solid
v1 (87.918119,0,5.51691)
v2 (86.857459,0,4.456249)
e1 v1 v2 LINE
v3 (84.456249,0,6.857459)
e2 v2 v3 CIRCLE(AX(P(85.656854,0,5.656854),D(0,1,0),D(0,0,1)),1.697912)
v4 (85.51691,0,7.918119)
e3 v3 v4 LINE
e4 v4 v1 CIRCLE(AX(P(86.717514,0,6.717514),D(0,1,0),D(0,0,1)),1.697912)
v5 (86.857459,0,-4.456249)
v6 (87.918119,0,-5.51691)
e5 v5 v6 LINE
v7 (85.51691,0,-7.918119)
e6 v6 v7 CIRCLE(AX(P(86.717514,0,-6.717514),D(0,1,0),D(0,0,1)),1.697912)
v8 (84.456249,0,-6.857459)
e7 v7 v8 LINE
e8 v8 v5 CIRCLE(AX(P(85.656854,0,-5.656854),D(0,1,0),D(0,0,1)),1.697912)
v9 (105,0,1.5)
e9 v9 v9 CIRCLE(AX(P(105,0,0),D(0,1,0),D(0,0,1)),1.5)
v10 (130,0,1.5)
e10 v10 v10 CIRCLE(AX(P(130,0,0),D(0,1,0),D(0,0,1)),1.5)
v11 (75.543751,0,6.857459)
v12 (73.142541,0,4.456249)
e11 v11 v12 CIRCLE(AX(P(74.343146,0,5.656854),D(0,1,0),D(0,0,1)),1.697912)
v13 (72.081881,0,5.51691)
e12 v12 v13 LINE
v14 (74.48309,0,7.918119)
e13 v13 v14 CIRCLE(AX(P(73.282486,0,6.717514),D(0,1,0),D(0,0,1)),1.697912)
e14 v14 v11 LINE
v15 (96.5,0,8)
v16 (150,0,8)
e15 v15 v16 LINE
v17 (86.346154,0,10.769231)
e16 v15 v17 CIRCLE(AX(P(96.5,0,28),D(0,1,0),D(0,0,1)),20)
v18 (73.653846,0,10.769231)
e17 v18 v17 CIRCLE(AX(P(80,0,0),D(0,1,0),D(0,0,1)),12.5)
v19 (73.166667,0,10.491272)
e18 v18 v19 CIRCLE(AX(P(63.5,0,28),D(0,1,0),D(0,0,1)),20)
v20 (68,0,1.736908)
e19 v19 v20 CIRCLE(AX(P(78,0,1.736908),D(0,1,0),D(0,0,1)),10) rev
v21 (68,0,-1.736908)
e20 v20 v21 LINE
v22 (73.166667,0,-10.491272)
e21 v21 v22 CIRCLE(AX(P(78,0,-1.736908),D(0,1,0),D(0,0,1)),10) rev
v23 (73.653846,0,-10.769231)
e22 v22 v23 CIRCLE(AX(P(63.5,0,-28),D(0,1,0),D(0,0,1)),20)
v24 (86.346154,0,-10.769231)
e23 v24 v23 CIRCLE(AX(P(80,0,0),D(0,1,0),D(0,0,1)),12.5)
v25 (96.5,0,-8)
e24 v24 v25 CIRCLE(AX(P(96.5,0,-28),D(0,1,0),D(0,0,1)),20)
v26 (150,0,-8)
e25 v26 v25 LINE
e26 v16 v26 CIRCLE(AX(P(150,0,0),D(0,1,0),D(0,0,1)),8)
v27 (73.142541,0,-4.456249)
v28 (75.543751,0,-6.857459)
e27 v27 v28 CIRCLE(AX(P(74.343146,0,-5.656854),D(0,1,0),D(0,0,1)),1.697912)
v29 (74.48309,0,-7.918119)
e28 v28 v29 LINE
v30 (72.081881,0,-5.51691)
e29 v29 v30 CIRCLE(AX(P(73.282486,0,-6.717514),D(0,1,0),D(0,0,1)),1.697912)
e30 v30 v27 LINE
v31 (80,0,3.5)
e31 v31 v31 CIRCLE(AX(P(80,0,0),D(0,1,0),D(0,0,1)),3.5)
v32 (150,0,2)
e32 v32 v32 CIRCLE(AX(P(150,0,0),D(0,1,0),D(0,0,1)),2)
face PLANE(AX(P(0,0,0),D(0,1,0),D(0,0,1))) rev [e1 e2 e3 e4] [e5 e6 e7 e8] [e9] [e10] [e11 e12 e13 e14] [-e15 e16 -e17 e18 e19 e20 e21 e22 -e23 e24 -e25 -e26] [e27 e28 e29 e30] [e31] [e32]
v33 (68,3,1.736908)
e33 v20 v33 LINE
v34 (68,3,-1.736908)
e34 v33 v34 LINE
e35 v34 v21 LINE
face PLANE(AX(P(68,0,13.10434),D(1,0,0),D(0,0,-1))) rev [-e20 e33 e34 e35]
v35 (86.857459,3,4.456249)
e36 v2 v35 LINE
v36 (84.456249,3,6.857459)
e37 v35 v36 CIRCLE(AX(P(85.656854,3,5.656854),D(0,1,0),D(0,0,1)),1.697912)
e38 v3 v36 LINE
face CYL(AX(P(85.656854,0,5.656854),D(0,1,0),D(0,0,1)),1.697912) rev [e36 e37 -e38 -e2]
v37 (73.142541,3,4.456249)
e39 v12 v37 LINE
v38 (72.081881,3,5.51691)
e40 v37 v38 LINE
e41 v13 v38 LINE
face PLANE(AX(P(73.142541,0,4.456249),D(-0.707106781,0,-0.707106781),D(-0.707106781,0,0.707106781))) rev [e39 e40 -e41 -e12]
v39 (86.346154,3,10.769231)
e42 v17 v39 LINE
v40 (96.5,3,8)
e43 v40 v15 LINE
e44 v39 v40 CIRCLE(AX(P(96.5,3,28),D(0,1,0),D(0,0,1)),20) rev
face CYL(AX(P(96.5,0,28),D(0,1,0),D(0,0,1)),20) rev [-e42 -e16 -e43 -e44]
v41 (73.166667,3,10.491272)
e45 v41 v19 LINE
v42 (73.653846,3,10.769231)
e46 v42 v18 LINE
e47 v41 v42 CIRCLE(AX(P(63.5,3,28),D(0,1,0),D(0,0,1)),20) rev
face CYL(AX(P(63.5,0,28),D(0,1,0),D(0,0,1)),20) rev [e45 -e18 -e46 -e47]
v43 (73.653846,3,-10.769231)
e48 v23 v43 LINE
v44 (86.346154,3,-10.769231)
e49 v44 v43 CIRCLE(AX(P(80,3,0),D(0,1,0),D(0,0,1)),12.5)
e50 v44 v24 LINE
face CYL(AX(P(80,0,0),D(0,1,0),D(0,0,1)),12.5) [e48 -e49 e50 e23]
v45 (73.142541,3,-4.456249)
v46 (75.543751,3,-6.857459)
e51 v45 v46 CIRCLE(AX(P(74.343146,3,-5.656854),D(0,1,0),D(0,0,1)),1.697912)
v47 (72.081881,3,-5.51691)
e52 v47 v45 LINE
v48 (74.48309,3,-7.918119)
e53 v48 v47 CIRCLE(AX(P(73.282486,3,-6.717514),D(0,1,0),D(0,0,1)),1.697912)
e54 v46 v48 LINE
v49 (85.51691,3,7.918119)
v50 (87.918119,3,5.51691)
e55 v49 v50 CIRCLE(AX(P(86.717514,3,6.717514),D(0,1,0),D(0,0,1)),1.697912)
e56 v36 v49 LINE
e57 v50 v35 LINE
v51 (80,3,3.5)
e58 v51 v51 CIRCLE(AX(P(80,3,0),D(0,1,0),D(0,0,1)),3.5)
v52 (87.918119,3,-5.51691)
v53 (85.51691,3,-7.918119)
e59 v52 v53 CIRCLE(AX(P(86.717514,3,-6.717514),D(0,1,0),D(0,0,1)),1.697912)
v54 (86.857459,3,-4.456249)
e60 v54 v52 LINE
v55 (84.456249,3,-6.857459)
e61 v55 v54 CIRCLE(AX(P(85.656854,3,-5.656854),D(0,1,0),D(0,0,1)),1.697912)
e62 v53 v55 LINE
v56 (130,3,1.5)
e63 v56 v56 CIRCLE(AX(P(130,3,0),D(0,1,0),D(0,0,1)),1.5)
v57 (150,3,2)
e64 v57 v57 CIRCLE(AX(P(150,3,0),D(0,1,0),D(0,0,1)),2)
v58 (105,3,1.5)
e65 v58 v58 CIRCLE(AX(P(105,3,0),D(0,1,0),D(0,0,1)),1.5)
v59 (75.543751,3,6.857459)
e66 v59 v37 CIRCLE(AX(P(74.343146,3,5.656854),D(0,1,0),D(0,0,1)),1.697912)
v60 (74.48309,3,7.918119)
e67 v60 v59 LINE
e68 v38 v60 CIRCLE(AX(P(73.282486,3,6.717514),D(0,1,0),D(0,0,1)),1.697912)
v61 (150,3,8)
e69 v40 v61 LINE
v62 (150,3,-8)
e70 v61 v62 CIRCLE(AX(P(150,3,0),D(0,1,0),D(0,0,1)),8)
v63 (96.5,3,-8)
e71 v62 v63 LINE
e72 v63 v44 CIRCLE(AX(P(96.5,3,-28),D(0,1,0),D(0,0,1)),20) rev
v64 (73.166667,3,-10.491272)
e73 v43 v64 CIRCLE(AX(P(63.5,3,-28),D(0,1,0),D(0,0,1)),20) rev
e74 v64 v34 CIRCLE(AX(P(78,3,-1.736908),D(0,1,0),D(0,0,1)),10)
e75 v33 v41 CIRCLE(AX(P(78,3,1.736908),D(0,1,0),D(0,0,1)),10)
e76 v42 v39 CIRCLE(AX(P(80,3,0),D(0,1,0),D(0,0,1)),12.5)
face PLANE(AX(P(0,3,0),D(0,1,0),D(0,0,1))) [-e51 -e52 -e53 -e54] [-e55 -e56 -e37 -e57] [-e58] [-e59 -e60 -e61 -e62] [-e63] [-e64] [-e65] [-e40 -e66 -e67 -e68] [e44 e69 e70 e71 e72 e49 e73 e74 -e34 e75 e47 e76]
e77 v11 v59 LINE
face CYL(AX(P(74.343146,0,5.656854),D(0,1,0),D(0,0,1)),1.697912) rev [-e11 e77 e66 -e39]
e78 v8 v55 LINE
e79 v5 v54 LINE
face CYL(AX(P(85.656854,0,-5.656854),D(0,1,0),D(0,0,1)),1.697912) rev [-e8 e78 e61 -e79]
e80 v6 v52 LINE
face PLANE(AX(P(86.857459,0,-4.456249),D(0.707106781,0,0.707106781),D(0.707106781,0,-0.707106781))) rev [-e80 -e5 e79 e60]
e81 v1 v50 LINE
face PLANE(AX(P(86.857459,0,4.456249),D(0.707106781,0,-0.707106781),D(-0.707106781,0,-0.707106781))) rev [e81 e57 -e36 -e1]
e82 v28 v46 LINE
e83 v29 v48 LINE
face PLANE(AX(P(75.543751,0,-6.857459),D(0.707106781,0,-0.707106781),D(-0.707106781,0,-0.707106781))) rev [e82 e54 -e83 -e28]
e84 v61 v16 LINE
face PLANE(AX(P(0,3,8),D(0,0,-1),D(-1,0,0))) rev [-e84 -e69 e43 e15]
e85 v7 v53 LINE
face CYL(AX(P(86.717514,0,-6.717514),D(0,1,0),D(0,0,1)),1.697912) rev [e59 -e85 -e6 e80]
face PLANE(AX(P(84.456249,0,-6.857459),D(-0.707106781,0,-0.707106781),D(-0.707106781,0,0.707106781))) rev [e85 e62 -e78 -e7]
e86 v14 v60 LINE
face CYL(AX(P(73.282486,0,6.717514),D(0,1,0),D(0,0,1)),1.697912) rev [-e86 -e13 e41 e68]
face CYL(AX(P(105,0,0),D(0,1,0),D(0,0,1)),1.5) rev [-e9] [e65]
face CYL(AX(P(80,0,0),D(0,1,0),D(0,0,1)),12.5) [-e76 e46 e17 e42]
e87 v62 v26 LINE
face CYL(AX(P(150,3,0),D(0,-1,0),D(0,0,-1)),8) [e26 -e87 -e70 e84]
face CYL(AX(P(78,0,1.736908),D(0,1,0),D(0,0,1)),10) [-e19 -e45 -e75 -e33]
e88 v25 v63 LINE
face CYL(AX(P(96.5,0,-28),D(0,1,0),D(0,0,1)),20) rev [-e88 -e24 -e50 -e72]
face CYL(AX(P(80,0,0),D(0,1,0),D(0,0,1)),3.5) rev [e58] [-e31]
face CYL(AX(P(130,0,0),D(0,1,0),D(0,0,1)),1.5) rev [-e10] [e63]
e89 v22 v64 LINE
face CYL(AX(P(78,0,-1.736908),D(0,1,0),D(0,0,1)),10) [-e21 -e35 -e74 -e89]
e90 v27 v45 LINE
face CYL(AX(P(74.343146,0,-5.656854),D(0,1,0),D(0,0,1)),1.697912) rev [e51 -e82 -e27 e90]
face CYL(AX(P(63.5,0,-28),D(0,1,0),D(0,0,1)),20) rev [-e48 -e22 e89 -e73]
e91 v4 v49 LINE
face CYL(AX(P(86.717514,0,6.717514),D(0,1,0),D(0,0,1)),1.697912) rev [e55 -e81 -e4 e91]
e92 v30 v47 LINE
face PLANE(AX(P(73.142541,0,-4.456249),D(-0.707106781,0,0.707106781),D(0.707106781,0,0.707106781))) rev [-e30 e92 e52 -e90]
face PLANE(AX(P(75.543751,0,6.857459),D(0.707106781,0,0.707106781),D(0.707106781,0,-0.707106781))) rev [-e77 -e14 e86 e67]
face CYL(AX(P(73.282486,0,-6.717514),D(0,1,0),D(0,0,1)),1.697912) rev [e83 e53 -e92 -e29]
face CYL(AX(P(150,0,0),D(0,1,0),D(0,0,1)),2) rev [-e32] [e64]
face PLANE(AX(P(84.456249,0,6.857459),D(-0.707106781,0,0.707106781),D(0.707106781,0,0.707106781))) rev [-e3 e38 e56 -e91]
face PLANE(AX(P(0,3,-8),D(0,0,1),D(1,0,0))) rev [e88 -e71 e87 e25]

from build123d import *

# Parameters (mm, degrees)
EXTRUDE_1_DEPTH     = 3
SKETCH_8_R          = 12.5
EXTRUDE_2_DEPTH     = 3
SKETCH_2_R          = 3.5
CUT_EXTRUDE_1_DEPTH = 159.522080481
SKETCH_5_R          = 1.5
CUT_EXTRUDE_2_DEPTH = 159.522080481
FILLET_3_R          = 20
SKETCH_9_R          = 2
CUT_EXTRUDE_3_DEPTH = 159.522080481
SKETCH_12_W         = 86.588173056
SKETCH_12_H         = 26.208680734
CUT_EXTRUDE_4_DEPTH = 159.522080481
FILLET_4_R          = 10
SKETCH_13_R         = 1.5
CUT_EXTRUDE_5_DEPTH = 159.522080481


with BuildPart() as part:
    # 草图1 → 凸台-拉伸1 (new body)
    with BuildSketch(Plane(origin=(0, 0, 0), x_dir=(1, 0, 0), z_dir=(0, 1, 0))):
        with BuildLine():
            Line((0, 8), (150, 8))
            ThreePointArc((150, 8), (158, 0), (150, -8))
            Line((150, -8), (0, -8))
            ThreePointArc((0, -8), (-8, 0), (0, 8))
        make_face()
    extrude(amount=EXTRUDE_1_DEPTH)

    # 草图8 → 凸台-拉伸2 (add)
    with BuildSketch(Plane(origin=(0, 3, 0), x_dir=(1, 0, 0), z_dir=(0, 1, 0))):
        with Locations((80, 0)):
            Circle(SKETCH_8_R)
    extrude(amount=-EXTRUDE_2_DEPTH)

    # 草图2 → 切除-拉伸1 (cut, through all)
    with BuildSketch(Plane(origin=(0, 3, 0), x_dir=(1, 0, 0), z_dir=(0, 1, 0))):
        with Locations(Location((80, 0, 0), (0, 0, 270))):
            Circle(SKETCH_2_R)
        with BuildLine():
            Line((84.456249475, 6.857459024), (85.516909647, 7.918119195))
            ThreePointArc((85.516909647, 7.918119195), (87.918119195, 7.918119195), (87.918119195, 5.516909647))
            Line((87.918119195, 5.516909647), (86.857459024, 4.456249475))
            ThreePointArc((86.857459024, 4.456249475), (84.456249475, 4.456249475), (84.456249475, 6.857459024))
        make_face()
        with BuildLine():
            Line((84.456249475, -6.857459024), (85.516909647, -7.918119195))
            ThreePointArc((85.516909647, -7.918119195), (87.918119195, -7.918119195), (87.918119195, -5.516909647))
            Line((87.918119195, -5.516909647), (86.857459024, -4.456249475))
            ThreePointArc((86.857459024, -4.456249475), (84.456249475, -4.456249475), (84.456249475, -6.857459024))
        make_face()
        with BuildLine():
            Line((73.142540976, -4.456249475), (72.081880805, -5.516909647))
            ThreePointArc((72.081880805, -5.516909647), (72.081880805, -7.918119195), (74.483090353, -7.918119195))
            Line((74.483090353, -7.918119195), (75.543750525, -6.857459024))
            ThreePointArc((75.543750525, -6.857459024), (75.543750525, -4.456249475), (73.142540976, -4.456249475))
        make_face()
        with BuildLine():
            Line((75.543750525, 6.857459024), (74.483090353, 7.918119195))
            ThreePointArc((74.483090353, 7.918119195), (72.081880805, 7.918119195), (72.081880805, 5.516909647))
            Line((72.081880805, 5.516909647), (73.142540976, 4.456249475))
            ThreePointArc((73.142540976, 4.456249475), (75.543750525, 4.456249475), (75.543750525, 6.857459024))
        make_face()
    extrude(amount=-CUT_EXTRUDE_1_DEPTH, mode=Mode.SUBTRACT)

    # 草图5 → 切除-拉伸2 (cut, through all)
    with BuildSketch(Plane(origin=(0, 3, 0), x_dir=(1, 0, 0), z_dir=(0, 1, 0))):
        with Locations(Location((10, 0, 0), (0, 0, 270))):
            Circle(SKETCH_5_R)
        with Locations(Location((0, 5, 0), (0, 0, 270))):
            Circle(SKETCH_5_R)
        with Locations(Location((0, -5, 0), (0, 0, 270))):
            Circle(SKETCH_5_R)
    extrude(amount=-CUT_EXTRUDE_2_DEPTH, mode=Mode.SUBTRACT)

    # 圆角3
    fillet_3_edges = [part.edges().sort_by_distance(p)[0] for p in [
        (70.395313644, 1.5, 8),
        (70.395313644, 1.5, -8),
        (89.604686356, 1.5, 8),
        (89.604686356, 1.5, -8),
    ]]
    fillet(fillet_3_edges, radius=FILLET_3_R)

    # 草图9 → 切除-拉伸3 (cut, through all)
    with BuildSketch(Plane(origin=(0, 3, 0), x_dir=(1, 0, 0), z_dir=(0, 1, 0))):
        with Locations(Location((150, 0, 0), (0, 0, 270))):
            Circle(SKETCH_9_R)
    extrude(amount=-CUT_EXTRUDE_3_DEPTH, mode=Mode.SUBTRACT)

    # 草图12 → 切除-拉伸4 (cut, through all)
    with BuildSketch(Plane(origin=(0, 3, 0), x_dir=(1, 0, 0), z_dir=(0, 1, 0))):
        with Locations((24.705913472, 0)):
            Rectangle(SKETCH_12_W, SKETCH_12_H)
    extrude(amount=-CUT_EXTRUDE_4_DEPTH, mode=Mode.SUBTRACT)

    # 圆角4
    fillet_4_edges = [part.edges().sort_by_distance(p)[0] for p in [
        (68, 1.5, -8.51282473),
        (68, 1.5, 8.51282473),
    ]]
    fillet(fillet_4_edges, radius=FILLET_4_R)

    # 草图13 → 切除-拉伸5 (cut, through all)
    with BuildSketch(Plane(origin=(0, 3, 0), x_dir=(1, 0, 0), z_dir=(0, 1, 0))):
        with Locations(Location((105, 0, 0), (0, 0, 270))):
            Circle(SKETCH_13_R)
        with Locations(Location((130, 0, 0), (0, 0, 270))):
            Circle(SKETCH_13_R)
    extrude(amount=-CUT_EXTRUDE_5_DEPTH, mode=Mode.SUBTRACT)


solid = part.part
